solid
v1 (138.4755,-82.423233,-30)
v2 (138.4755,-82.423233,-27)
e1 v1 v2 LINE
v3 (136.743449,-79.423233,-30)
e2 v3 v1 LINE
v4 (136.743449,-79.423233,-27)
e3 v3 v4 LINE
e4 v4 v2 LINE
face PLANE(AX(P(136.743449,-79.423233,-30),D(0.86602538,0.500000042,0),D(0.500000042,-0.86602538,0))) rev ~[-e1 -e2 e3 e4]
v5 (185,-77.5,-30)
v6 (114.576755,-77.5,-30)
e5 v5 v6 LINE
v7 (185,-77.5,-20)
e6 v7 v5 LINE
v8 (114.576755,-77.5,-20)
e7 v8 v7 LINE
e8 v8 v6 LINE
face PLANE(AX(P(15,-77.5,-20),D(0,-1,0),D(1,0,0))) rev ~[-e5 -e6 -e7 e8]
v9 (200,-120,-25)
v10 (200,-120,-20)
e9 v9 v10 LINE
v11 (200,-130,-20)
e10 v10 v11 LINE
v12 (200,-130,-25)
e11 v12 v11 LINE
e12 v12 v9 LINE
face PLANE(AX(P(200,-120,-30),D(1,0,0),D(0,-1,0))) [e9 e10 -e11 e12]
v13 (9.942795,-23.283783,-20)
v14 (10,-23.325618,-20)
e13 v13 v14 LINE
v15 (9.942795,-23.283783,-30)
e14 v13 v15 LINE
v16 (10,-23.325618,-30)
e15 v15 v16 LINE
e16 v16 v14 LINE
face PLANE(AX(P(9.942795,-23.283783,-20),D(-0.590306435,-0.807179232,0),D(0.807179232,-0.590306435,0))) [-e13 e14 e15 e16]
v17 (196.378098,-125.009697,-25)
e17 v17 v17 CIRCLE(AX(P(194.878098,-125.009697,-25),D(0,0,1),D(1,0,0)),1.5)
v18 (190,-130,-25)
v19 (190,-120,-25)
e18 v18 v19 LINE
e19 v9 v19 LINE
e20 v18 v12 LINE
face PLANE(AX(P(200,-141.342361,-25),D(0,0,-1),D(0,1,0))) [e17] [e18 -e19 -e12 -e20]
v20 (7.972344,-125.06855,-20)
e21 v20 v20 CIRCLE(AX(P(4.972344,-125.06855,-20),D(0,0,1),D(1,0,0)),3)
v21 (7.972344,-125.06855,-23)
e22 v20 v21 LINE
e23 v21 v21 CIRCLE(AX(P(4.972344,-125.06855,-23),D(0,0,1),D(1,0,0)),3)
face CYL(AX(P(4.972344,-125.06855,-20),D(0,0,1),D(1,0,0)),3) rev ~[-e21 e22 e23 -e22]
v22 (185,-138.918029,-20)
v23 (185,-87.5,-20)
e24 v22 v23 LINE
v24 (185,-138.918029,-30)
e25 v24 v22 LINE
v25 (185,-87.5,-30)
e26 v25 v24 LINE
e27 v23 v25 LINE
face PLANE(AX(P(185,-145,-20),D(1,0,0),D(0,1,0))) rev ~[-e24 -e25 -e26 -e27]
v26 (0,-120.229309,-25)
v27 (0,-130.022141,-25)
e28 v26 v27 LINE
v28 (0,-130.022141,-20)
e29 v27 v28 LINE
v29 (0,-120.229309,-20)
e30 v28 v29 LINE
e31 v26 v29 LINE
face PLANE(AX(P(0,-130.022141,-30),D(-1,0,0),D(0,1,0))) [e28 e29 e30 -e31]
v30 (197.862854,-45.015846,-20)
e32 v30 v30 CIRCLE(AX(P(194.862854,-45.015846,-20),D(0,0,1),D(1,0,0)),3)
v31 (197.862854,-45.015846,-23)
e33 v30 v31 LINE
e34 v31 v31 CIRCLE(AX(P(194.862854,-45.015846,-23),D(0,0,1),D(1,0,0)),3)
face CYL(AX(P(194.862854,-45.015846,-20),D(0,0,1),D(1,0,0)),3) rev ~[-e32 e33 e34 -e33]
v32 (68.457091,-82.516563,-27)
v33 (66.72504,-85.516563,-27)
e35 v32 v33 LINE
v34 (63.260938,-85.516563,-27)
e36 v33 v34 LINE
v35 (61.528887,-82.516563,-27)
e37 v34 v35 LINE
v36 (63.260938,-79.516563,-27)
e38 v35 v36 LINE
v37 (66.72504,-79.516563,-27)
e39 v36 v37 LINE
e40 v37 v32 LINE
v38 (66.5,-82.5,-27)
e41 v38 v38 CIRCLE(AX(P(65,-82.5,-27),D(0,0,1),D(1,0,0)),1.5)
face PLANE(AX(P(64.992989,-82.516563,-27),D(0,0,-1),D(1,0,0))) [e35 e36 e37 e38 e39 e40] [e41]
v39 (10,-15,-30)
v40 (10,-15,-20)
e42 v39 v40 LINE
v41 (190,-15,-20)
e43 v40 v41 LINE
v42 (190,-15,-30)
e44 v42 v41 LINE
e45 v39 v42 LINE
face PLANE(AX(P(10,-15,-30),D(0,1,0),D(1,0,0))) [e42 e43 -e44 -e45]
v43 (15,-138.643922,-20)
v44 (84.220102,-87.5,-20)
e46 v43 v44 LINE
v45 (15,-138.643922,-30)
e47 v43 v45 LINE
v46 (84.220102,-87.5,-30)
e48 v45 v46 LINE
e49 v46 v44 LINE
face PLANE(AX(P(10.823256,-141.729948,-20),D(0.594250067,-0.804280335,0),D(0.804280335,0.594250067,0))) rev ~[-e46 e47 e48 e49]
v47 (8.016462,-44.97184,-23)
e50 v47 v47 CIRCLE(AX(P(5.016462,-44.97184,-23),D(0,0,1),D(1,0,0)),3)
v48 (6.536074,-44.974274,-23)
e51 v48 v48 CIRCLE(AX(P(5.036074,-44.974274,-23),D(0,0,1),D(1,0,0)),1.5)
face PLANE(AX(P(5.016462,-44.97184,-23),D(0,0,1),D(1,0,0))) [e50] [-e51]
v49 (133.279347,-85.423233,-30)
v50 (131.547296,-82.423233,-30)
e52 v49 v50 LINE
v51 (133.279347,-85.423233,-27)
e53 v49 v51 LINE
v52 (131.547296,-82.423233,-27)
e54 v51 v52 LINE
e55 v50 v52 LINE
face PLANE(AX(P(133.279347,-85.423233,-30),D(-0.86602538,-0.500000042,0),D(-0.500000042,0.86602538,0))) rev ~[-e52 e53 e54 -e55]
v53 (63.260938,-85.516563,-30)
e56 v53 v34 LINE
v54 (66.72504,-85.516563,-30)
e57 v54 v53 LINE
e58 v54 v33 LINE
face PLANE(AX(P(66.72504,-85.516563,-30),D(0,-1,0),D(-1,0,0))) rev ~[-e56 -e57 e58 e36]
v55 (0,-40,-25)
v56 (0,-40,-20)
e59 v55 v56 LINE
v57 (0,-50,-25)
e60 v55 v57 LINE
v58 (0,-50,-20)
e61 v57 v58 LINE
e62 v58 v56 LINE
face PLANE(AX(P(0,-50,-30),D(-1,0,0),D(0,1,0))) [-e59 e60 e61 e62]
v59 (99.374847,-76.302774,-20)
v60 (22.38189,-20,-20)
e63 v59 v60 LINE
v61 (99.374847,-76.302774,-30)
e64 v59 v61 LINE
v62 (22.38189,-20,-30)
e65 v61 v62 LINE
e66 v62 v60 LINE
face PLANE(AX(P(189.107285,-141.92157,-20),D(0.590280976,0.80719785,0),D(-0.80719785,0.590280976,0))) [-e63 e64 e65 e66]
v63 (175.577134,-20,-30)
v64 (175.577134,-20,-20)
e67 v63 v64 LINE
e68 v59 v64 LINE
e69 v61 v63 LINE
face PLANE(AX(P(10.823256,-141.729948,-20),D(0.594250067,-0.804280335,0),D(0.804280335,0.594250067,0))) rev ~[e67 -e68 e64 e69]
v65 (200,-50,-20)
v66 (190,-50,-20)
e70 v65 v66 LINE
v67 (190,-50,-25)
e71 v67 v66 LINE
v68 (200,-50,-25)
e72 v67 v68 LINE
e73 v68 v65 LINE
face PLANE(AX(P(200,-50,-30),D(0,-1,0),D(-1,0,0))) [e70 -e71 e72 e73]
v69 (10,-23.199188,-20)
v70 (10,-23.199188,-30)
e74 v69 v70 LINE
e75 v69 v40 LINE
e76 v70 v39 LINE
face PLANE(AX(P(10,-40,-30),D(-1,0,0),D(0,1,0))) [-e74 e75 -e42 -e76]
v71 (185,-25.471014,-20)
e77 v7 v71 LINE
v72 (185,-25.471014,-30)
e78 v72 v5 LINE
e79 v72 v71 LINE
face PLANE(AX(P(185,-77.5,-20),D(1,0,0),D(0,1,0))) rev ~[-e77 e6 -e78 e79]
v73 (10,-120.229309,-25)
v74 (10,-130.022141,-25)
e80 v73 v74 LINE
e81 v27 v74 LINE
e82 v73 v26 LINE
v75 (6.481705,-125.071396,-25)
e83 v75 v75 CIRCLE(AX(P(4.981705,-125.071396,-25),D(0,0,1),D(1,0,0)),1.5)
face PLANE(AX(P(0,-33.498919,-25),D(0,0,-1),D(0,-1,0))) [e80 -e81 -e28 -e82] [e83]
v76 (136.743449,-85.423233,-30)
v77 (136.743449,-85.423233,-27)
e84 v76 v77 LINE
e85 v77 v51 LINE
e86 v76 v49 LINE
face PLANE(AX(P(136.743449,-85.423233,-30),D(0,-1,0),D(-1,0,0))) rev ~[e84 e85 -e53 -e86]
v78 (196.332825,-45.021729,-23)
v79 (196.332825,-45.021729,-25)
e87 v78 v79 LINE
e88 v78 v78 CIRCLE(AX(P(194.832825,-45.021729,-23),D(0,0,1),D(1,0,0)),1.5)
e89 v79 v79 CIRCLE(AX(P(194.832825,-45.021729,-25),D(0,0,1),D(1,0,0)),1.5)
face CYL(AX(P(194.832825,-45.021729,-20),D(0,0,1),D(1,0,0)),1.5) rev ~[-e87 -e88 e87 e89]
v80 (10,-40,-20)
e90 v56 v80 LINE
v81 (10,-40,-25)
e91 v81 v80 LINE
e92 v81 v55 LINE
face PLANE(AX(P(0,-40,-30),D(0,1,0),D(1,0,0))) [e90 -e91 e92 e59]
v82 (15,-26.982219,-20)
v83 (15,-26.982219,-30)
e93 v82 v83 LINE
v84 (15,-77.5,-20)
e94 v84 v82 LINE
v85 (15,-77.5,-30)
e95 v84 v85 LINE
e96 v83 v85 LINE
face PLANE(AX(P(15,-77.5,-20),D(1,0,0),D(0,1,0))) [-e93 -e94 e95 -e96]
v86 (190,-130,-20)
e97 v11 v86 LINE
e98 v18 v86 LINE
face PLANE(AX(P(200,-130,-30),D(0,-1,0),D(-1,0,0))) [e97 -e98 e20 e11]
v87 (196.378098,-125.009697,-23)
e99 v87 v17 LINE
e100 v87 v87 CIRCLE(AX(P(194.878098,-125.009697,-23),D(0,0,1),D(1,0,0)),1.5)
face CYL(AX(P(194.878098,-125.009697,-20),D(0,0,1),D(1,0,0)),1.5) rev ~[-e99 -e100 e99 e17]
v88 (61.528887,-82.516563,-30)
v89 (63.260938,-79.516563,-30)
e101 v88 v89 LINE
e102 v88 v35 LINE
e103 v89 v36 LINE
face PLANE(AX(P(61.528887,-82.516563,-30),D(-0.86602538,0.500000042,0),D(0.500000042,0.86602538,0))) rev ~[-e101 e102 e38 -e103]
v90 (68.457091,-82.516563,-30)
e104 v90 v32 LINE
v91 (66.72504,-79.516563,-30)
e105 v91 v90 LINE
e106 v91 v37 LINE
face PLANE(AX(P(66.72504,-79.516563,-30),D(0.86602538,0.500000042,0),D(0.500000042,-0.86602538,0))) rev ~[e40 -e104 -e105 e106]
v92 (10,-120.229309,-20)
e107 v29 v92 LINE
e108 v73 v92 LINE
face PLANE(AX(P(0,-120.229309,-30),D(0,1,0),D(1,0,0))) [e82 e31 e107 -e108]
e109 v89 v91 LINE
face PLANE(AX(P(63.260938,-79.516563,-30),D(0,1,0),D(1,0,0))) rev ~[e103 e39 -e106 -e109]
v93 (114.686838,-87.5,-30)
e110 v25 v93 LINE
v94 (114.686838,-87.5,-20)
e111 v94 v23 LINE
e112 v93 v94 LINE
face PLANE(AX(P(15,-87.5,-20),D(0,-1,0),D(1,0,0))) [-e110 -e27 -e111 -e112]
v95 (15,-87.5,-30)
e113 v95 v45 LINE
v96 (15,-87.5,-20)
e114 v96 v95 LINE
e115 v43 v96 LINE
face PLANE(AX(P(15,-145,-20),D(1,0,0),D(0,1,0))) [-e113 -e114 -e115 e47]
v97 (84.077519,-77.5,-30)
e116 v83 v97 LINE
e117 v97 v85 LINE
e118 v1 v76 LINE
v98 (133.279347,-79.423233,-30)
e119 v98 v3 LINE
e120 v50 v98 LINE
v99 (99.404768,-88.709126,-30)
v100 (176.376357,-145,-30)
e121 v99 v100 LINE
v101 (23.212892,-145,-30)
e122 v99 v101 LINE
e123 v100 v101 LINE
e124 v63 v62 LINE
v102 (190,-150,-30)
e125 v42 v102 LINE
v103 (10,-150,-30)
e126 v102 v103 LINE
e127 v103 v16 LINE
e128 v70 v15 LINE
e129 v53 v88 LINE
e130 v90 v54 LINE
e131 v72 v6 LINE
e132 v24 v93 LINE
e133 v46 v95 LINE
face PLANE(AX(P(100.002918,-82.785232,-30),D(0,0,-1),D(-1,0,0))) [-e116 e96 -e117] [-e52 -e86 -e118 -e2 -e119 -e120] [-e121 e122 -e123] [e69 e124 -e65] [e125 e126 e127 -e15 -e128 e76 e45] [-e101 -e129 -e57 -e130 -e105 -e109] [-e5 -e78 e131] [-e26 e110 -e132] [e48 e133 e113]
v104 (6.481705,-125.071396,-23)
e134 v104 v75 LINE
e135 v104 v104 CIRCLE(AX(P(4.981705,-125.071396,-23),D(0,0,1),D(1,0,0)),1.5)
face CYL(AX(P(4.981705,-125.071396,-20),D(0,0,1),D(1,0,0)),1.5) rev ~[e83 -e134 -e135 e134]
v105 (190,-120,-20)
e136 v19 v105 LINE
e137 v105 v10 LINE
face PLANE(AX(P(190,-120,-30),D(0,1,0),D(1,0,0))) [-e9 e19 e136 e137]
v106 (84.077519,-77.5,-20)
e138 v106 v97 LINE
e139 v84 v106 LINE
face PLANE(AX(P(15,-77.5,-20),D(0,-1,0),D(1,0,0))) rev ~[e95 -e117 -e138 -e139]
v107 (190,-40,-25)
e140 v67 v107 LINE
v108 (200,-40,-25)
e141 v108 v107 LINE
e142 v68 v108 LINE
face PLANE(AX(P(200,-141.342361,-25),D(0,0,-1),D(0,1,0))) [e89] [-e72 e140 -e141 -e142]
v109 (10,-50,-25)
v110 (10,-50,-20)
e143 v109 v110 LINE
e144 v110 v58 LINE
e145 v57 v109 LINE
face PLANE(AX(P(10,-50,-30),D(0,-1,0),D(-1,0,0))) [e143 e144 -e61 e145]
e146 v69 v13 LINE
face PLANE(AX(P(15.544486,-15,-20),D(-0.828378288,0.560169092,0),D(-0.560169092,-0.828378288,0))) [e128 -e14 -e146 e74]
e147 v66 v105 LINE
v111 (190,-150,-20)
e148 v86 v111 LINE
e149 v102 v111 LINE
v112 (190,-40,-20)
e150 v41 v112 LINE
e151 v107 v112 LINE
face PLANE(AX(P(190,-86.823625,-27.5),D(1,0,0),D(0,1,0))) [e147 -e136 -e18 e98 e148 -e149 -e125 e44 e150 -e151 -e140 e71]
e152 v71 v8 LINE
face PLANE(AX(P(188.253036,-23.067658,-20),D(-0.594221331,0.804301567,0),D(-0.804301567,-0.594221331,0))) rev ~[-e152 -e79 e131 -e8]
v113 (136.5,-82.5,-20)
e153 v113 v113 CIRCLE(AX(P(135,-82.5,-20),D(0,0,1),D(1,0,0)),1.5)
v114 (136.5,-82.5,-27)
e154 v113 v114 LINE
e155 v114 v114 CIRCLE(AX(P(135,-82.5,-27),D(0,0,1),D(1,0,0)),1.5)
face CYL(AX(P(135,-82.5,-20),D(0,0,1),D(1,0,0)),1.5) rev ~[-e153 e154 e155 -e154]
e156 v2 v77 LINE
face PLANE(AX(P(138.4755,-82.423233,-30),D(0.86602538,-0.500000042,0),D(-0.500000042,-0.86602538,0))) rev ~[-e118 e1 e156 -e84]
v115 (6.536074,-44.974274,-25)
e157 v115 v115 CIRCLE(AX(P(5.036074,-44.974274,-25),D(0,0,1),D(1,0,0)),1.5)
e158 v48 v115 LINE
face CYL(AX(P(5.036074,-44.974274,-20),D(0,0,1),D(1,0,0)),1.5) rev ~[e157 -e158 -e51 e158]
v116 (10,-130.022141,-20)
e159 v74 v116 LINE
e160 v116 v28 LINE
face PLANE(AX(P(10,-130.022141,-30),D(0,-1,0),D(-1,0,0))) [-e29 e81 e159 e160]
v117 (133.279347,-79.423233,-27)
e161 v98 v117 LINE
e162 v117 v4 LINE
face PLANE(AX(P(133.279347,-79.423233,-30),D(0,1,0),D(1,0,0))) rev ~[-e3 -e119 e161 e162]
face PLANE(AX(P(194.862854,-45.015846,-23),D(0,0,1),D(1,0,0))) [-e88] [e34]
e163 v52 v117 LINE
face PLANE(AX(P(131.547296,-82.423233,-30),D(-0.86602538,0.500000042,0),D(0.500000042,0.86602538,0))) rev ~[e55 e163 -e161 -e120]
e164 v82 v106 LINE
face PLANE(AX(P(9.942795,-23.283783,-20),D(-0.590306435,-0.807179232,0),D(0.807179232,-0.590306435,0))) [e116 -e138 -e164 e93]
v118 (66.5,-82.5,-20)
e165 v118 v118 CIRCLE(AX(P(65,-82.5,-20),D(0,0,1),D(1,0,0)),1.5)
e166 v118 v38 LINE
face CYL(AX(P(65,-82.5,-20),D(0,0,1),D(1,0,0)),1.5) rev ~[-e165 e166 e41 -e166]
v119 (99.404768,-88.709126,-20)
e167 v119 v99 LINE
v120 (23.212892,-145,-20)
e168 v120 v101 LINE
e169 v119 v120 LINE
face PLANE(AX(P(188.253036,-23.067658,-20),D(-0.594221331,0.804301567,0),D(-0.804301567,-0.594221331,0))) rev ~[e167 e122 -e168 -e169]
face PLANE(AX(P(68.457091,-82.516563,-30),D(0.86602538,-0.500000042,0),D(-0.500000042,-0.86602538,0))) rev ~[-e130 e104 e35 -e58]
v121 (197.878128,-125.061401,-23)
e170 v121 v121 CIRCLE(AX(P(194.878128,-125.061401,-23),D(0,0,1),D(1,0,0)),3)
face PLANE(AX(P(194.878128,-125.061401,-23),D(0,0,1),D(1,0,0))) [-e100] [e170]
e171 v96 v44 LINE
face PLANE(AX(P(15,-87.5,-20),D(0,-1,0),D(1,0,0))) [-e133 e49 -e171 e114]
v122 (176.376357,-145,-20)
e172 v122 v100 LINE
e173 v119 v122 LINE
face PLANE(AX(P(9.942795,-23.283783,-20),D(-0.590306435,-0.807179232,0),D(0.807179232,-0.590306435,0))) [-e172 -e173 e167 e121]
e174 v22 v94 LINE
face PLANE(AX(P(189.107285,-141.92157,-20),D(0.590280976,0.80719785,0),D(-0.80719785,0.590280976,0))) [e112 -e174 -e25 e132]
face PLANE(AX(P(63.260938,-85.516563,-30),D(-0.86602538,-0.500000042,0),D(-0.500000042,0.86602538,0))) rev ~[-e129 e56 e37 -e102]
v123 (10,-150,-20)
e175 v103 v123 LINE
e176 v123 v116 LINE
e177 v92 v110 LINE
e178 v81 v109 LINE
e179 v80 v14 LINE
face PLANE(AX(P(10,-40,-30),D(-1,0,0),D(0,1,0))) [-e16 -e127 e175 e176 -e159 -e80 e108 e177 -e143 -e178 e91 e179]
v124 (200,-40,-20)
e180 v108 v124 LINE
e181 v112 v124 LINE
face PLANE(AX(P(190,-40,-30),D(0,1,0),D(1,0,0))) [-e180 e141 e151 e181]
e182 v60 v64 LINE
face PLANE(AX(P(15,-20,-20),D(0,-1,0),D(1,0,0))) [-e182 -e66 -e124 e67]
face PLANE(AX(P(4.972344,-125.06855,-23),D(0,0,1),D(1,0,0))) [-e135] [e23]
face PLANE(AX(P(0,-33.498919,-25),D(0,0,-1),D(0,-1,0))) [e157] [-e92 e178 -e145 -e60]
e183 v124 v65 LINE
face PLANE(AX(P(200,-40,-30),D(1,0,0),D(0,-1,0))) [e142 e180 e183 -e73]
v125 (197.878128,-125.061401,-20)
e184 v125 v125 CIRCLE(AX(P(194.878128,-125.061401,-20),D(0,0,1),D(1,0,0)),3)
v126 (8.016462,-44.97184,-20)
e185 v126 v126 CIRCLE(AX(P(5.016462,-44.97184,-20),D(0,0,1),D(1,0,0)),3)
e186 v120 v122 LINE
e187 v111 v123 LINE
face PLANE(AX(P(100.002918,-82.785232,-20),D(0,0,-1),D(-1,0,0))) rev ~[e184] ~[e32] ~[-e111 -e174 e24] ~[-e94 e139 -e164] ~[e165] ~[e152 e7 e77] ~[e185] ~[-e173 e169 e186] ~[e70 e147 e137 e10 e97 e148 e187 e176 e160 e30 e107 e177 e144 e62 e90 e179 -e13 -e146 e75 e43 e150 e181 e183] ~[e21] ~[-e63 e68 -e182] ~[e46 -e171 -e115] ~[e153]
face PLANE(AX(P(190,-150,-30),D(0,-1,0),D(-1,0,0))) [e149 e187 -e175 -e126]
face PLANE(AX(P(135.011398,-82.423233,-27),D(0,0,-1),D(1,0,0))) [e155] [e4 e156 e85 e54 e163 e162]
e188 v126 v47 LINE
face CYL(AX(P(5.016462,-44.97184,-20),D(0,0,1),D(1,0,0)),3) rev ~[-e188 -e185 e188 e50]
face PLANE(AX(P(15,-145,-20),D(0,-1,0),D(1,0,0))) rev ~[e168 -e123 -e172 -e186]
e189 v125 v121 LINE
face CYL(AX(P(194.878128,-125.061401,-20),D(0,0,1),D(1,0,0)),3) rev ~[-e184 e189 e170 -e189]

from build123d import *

# Parameters (mm, degrees)
PAD002_DEPTH    = 10
SKETCH005_R     = 1.5
SKETCH005_W     = 170
SKETCH005_H     = 57.5
POCKET002_DEPTH = 11
PAD003_DEPTH    = 10
PAD004_DEPTH    = 10
POCKET003_DEPTH = 3
SKETCH009_W     = 103.713421
SKETCH009_H     = 5
POCKET004_DEPTH = 10
SKETCH010_W     = 109.037471
SKETCH010_H     = 5
POCKET005_DEPTH = 10
SKETCH011_R     = 1.5
POCKET006_DEPTH = 5
SKETCH012_R     = 3
POCKET007_DEPTH = 3


with BuildPart() as part:
    # Sketch004 → Pad002 (new body)
    with BuildSketch(Plane.XY.offset(-30)):
        Polygon((10, -50), (0, -50), (0, -40), (10, -40), (10, -15), (190, -15), (190, -40), (200, -40), (200, -50), (190, -50), (190, -120), (200, -120), (200, -130), (190, -130), (190, -150), (10, -150), (10, -130.022141), (0, -130.022141), (0, -120.229309), (10, -120.229309), align=None)
    extrude(amount=PAD002_DEPTH)

    # Sketch005 → Pocket002 (cut)
    with BuildSketch(Plane.XY.offset(-20)):
        with Locations((65, -82.5)):
            Circle(SKETCH005_R)
        with Locations((135, -82.5)):
            Circle(SKETCH005_R)
        with Locations((100, -48.75)):
            Rectangle(SKETCH005_W, SKETCH005_H)
        with Locations((100, -116.25)):
            Rectangle(SKETCH005_W, SKETCH005_H)
    extrude(amount=-POCKET002_DEPTH, mode=Mode.SUBTRACT)

    # Sketch006 → Pad003 (new body)
    with BuildSketch(Plane.XY.offset(-20)):
        Polygon((15.544486, -15), (9.942795, -23.283783), (183.213308, -150), (189.107285, -141.92157), align=None)
    extrude(amount=-PAD003_DEPTH)

    # Sketch007 → Pad004 (new body)
    with BuildSketch(Plane.XY.offset(-20)):
        Polygon((16.445199, -150), (10.823256, -141.729948), (182.344322, -15), (188.253036, -23.067658), align=None)
    extrude(amount=-PAD004_DEPTH)

    # Sketch008 → Pocket003 (cut)
    with BuildSketch(Plane(origin=(0, 0, -30), x_dir=(1, 0, 0), z_dir=(0, 0, -1))):
        Polygon((66.72504, 85.516563), (63.260938, 85.516563), (61.528887, 82.516563), (63.260938, 79.516563), (66.72504, 79.516563), (68.457091, 82.516563), align=None)
        Polygon((136.743449, 85.423233), (133.279347, 85.423233), (131.547296, 82.423233), (133.279347, 79.423233), (136.743449, 79.423233), (138.4755, 82.423233), align=None)
    extrude(amount=-POCKET003_DEPTH, mode=Mode.SUBTRACT)

    # Sketch009 → Pocket004 (cut)
    with BuildSketch(Plane(origin=(0, 0, -30), x_dir=(0, -1, 0), z_dir=(-1, 0, 0))):
        with Locations((85.35563, 2.5)):
            Rectangle(SKETCH009_W, SKETCH009_H)
    extrude(amount=-POCKET004_DEPTH, mode=Mode.SUBTRACT)

    # Sketch010 → Pocket005 (cut)
    with BuildSketch(Plane(origin=(200, 0, -30), x_dir=(0, 1, 0), z_dir=(1, 0, 0))):
        with Locations((-86.823625, 2.5)):
            Rectangle(SKETCH010_W, SKETCH010_H)
    extrude(amount=-POCKET005_DEPTH, mode=Mode.SUBTRACT)

    # Sketch011 → Pocket006 (cut)
    with BuildSketch(Plane.XY.offset(-20)):
        with Locations((5.036074, -44.974274)):
            Circle(SKETCH011_R)
        with Locations((4.981705, -125.071396)):
            Circle(SKETCH011_R)
        with Locations((194.832825, -45.021729)):
            Circle(SKETCH011_R)
        with Locations((194.878098, -125.009697)):
            Circle(SKETCH011_R)
    extrude(amount=-POCKET006_DEPTH, mode=Mode.SUBTRACT)

    # Sketch012 → Pocket007 (cut)
    with BuildSketch(Plane.XY.offset(-20)):
        with Locations((5.016462, -44.97184)):
            Circle(SKETCH012_R)
        with Locations((4.972344, -125.06855)):
            Circle(SKETCH012_R)
        with Locations((194.878128, -125.061401)):
            Circle(SKETCH012_R)
        with Locations((194.862854, -45.015846)):
            Circle(SKETCH012_R)
    extrude(amount=-POCKET007_DEPTH, mode=Mode.SUBTRACT)


solid = part.part
